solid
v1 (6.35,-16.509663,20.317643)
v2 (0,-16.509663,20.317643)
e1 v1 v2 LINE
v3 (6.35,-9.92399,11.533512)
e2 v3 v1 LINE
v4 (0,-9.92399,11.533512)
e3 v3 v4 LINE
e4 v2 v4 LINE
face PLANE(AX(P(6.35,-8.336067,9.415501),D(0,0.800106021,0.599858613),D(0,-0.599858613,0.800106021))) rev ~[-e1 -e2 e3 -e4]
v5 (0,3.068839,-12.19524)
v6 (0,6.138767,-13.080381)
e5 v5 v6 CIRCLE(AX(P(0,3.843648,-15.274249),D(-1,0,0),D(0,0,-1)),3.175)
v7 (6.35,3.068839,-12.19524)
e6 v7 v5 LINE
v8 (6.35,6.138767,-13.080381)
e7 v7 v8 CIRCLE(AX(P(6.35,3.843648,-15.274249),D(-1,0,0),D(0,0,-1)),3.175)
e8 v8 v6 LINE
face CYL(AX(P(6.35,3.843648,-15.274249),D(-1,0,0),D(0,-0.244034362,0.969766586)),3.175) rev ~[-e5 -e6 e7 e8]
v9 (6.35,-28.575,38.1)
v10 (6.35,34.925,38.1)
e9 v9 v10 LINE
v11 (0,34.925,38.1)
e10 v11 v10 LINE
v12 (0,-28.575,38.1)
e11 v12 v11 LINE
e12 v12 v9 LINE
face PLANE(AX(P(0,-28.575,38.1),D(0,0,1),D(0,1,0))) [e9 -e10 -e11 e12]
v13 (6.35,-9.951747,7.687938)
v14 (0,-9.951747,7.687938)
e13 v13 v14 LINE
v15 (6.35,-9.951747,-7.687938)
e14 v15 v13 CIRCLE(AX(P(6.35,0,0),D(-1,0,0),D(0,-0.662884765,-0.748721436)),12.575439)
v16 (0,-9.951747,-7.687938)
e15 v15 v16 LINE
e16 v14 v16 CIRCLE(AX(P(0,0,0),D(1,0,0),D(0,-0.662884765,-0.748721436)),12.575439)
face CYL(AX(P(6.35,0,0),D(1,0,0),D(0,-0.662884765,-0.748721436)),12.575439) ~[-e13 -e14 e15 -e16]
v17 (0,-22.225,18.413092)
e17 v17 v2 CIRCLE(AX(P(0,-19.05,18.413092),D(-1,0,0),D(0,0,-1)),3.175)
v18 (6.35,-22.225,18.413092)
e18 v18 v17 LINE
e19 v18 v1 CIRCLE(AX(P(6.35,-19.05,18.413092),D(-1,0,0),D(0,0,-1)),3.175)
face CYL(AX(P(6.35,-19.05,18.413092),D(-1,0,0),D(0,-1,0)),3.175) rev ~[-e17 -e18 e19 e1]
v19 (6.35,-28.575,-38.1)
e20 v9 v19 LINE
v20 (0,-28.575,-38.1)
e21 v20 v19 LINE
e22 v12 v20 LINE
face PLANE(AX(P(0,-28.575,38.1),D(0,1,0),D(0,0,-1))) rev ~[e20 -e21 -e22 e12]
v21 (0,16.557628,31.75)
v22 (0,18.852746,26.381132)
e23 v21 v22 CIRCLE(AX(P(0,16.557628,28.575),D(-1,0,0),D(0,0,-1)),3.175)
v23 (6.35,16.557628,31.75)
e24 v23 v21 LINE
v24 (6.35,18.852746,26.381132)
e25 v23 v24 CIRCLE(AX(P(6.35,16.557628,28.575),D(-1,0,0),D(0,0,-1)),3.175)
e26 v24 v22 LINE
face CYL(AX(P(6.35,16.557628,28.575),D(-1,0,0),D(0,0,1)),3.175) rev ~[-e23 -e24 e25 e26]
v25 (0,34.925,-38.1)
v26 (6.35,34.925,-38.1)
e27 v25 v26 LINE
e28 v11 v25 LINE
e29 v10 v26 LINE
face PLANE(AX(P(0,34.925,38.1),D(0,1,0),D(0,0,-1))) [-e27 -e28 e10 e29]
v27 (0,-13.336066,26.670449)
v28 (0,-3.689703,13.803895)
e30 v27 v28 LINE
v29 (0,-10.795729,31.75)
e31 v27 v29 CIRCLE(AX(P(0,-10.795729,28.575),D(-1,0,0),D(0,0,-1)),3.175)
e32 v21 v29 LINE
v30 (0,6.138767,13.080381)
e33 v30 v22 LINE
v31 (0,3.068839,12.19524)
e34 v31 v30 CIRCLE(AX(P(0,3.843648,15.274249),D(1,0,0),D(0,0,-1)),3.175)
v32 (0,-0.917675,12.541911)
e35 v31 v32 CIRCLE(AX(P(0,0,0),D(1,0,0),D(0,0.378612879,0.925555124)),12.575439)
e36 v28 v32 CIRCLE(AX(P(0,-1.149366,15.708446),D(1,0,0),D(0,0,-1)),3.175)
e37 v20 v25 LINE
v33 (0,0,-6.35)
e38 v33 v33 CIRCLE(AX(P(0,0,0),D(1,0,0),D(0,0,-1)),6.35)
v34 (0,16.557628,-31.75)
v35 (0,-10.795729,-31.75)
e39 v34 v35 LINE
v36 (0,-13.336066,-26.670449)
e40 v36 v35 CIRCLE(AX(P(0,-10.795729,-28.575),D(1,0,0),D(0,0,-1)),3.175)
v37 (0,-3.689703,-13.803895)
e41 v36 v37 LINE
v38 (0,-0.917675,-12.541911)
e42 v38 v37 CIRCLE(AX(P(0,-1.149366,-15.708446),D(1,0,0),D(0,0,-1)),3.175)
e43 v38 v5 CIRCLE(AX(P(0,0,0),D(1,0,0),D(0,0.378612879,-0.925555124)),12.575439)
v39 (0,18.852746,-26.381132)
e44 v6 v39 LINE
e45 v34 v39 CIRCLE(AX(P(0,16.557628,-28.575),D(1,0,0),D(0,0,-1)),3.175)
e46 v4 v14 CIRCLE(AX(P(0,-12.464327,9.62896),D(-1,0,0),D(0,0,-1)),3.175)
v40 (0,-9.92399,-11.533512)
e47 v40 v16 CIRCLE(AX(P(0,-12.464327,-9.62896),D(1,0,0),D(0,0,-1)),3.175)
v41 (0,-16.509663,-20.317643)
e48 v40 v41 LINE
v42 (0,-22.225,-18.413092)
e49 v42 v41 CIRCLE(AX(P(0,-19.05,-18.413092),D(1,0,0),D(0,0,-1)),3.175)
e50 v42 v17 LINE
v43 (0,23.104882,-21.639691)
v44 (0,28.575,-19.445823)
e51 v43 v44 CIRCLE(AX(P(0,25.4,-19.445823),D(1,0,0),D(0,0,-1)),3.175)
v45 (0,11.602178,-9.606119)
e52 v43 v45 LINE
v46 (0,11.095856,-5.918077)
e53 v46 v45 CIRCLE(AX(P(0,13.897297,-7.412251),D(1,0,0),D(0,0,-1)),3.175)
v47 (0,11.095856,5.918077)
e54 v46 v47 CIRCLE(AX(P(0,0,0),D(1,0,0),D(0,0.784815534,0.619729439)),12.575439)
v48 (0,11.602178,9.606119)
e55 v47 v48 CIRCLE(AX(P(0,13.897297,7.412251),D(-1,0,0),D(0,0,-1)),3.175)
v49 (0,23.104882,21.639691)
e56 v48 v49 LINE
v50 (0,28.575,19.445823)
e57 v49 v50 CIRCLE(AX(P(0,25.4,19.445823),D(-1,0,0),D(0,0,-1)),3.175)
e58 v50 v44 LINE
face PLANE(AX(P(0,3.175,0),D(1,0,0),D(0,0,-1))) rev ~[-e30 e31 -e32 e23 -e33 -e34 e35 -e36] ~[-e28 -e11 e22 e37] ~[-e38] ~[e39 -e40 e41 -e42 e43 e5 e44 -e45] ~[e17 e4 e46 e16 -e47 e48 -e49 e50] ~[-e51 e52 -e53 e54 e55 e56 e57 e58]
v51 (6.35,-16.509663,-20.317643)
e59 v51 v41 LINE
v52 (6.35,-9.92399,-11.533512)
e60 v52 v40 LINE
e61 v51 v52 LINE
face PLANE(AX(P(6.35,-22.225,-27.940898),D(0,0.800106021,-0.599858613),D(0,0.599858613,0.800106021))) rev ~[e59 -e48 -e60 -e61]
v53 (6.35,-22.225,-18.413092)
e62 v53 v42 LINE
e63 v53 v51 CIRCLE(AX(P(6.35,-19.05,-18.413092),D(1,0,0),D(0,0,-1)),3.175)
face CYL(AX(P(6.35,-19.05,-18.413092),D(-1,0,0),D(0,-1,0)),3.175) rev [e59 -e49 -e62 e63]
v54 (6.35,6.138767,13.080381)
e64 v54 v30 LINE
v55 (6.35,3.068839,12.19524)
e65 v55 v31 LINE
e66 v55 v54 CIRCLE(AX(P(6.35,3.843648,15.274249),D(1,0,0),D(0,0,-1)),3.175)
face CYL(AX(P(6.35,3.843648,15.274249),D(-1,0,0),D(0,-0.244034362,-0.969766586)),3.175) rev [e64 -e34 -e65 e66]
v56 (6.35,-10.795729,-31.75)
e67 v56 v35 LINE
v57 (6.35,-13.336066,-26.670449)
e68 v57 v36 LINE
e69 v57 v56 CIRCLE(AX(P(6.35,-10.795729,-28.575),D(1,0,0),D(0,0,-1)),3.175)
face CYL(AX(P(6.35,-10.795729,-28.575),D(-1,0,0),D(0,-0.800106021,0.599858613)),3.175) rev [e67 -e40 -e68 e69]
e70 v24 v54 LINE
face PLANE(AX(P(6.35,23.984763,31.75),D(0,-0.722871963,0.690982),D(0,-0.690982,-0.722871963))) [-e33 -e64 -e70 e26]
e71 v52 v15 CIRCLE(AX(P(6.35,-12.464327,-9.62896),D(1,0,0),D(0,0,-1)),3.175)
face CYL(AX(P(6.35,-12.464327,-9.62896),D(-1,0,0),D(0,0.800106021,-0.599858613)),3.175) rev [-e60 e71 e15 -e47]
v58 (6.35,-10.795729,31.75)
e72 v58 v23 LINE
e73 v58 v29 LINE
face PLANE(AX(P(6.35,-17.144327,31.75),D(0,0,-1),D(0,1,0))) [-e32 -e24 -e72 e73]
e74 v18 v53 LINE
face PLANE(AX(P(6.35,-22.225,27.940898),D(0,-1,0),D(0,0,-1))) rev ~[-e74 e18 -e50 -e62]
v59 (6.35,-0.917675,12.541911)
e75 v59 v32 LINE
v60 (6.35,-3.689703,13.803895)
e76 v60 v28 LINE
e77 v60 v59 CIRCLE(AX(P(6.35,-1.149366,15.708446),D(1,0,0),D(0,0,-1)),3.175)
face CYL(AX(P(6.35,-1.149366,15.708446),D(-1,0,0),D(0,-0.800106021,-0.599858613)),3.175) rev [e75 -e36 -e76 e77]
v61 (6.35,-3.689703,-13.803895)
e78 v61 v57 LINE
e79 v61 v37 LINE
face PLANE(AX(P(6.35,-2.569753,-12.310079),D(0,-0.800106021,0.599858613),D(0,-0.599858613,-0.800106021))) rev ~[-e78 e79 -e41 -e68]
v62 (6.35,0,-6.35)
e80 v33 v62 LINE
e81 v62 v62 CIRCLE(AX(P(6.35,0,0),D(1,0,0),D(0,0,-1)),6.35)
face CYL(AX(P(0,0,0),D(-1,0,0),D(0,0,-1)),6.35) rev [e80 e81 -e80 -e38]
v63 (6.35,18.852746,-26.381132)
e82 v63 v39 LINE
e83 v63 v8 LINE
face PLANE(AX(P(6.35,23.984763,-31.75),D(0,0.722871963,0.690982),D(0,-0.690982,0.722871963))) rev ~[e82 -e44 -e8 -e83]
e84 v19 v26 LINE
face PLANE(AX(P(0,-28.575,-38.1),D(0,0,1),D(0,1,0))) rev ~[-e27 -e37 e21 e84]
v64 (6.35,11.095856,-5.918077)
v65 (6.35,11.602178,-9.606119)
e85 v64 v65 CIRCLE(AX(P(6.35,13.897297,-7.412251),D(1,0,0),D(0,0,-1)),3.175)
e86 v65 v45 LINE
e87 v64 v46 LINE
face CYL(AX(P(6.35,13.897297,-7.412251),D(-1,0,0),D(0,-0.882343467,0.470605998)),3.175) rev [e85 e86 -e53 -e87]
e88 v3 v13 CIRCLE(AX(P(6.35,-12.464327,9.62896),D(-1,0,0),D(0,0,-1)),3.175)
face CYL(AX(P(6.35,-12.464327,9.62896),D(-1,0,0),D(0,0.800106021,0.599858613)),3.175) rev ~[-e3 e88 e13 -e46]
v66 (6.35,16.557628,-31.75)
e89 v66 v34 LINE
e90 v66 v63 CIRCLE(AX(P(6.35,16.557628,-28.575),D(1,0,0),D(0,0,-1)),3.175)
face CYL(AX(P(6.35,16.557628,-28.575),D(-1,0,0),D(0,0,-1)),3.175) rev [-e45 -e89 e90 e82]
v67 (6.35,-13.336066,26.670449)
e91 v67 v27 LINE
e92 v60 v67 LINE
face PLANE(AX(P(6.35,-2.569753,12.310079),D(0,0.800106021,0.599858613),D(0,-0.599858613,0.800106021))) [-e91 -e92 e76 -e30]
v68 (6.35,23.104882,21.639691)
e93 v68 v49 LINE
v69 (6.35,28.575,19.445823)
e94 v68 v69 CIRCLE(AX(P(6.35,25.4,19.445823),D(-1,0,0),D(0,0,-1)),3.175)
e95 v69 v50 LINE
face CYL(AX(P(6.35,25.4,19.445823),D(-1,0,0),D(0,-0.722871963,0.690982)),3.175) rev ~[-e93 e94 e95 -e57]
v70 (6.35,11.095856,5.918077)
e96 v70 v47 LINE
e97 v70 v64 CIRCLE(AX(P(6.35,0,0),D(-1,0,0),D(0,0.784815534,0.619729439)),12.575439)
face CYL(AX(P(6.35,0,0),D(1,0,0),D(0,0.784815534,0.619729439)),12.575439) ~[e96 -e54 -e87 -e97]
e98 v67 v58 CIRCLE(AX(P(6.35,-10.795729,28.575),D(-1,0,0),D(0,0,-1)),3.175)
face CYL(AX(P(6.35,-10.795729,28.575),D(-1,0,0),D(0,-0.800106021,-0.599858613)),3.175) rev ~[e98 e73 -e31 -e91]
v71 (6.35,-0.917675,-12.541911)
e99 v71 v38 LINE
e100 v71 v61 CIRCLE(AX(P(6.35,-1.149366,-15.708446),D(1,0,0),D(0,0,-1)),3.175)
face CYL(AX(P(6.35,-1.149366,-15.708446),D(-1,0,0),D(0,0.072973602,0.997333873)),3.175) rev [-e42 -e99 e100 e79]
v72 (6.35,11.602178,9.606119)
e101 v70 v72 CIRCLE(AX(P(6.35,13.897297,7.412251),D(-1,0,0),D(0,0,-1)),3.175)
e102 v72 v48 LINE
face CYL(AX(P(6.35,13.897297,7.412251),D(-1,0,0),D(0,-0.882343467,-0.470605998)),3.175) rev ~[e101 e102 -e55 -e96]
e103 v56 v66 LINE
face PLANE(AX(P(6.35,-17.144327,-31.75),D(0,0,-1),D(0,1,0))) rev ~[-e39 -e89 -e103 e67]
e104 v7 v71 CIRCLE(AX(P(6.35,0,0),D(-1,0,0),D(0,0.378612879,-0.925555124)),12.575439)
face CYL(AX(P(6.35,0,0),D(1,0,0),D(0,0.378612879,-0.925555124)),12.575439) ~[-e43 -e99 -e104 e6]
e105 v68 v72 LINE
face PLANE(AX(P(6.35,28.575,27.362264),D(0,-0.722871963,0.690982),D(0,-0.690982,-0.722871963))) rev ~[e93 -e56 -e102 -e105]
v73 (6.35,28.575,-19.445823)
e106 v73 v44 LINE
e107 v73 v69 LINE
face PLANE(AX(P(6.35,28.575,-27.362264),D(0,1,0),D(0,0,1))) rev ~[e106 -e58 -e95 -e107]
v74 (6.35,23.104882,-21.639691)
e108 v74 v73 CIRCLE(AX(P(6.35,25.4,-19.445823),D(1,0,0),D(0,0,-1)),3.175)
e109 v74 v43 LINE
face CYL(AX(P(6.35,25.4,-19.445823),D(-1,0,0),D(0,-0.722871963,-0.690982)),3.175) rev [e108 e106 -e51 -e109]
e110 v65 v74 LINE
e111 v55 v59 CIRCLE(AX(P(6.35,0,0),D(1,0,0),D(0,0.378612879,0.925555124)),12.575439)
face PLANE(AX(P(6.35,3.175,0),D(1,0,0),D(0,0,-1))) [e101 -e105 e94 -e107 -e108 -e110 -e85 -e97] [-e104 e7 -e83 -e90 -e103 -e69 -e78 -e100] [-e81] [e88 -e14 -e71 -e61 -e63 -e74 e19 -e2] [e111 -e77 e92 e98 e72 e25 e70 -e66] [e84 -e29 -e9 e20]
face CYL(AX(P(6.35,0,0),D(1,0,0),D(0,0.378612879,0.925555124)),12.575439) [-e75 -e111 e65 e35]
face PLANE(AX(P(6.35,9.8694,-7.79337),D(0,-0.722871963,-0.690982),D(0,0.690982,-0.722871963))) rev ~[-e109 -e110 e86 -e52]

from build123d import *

# Parameters (mm, degrees)
SKETCH1_W           = 76.2
SKETCH1_H           = 63.5
SKETCH1_R           = 6.35
BOSS_EXTRUDE1_DEPTH = 6.35
CUT_EXTRUDE1_REACH  = 54.074
FILLET2_R           = 3.175


with BuildPart() as part:
    # Sketch1 → Boss-Extrude1 (new body)
    with BuildSketch(Plane(origin=(0, 0, 0), x_dir=(0, 0, -1), z_dir=(1, 0, 0))):
        with Locations((0, 3.175)):
            Rectangle(SKETCH1_W, SKETCH1_H)
        Circle(SKETCH1_R, mode=Mode.SUBTRACT)
    extrude(amount=BOSS_EXTRUDE1_DEPTH)

    # Sketch4 → Cut-Extrude1 (cut, up to next)
    with BuildSketch(Plane(origin=(6.35, 0, 0), x_dir=(0, 0, -1), z_dir=(1, 0, 0)), mode=Mode.PRIVATE) as cut_extrude1_sk1:
        with BuildLine():
            Line((-9.415500655, -8.336066847), (-27.940897809, -22.225))
            Line((-27.940897809, -22.225), (27.940897809, -22.225))
            Line((27.940897809, -22.225), (9.415500655, -8.336066847))
            ThreePointArc((9.415500655, -8.336066847), (0, -12.575438882), (-9.415500655, -8.336066847))
        make_face()
    cut_extrude1_tool1 = extrude(cut_extrude1_sk1.sketch, amount=-CUT_EXTRUDE1_REACH, mode=Mode.PRIVATE) & part.part
    # Sketch4 → Cut-Extrude1 (cut, up to next)
    with BuildSketch(Plane(origin=(6.35, 0, 0), x_dir=(0, 0, -1), z_dir=(1, 0, 0)), mode=Mode.PRIVATE) as cut_extrude1_sk2:
        with BuildLine():
            Line((-12.310078524, -2.569752866), (-31.75, -17.144326768))
            Line((-31.75, -17.144326768), (-31.75, 23.984763034))
            Line((-31.75, 23.984763034), (-11.639261898, 4.761223113))
            ThreePointArc((-11.639261898, 4.761223113), (-12.523119774, 1.145920677), (-12.310078524, -2.569752866))
        make_face()
    cut_extrude1_tool2 = extrude(cut_extrude1_sk2.sketch, amount=-CUT_EXTRUDE1_REACH, mode=Mode.PRIVATE) & part.part
    # Sketch4 → Cut-Extrude1 (cut, up to next)
    with BuildSketch(Plane(origin=(6.35, 0, 0), x_dir=(0, 0, -1), z_dir=(1, 0, 0)), mode=Mode.PRIVATE) as cut_extrude1_sk3:
        with BuildLine():
            Line((-27.362264298, 28.575), (-7.793369677, 9.869399786))
            ThreePointArc((-7.793369677, 9.869399786), (0, 12.575438882), (7.793369677, 9.869399786))
            Line((7.793369677, 9.869399786), (27.362264298, 28.575))
            Line((27.362264298, 28.575), (-27.362264298, 28.575))
        make_face()
    cut_extrude1_tool3 = extrude(cut_extrude1_sk3.sketch, amount=-CUT_EXTRUDE1_REACH, mode=Mode.PRIVATE) & part.part
    # Sketch4 → Cut-Extrude1 (cut, up to next)
    with BuildSketch(Plane(origin=(6.35, 0, 0), x_dir=(0, 0, -1), z_dir=(1, 0, 0)), mode=Mode.PRIVATE) as cut_extrude1_sk4:
        with BuildLine():
            Line((31.75, 23.984763034), (11.639261898, 4.761223113))
            ThreePointArc((11.639261898, 4.761223113), (12.523119774, 1.145920677), (12.310078524, -2.569752866))
            Line((12.310078524, -2.569752866), (31.75, -17.144326768))
            Line((31.75, -17.144326768), (31.75, 23.984763034))
        make_face()
    cut_extrude1_tool4 = extrude(cut_extrude1_sk4.sketch, amount=-CUT_EXTRUDE1_REACH, mode=Mode.PRIVATE) & part.part
    add(cut_extrude1_tool1.solids().sort_by_distance((6.35, -17.188664, 0))[0], mode=Mode.SUBTRACT)
    add(cut_extrude1_tool2.solids().sort_by_distance((6.35, 2.651872, 24.218351))[0], mode=Mode.SUBTRACT)
    add(cut_extrude1_tool3.solids().sort_by_distance((6.35, 21.415116, 0))[0], mode=Mode.SUBTRACT)
    add(cut_extrude1_tool4.solids().sort_by_distance((6.35, 2.651872, -24.218351))[0], mode=Mode.SUBTRACT)

    # Fillet2
    fillet2_edges = [part.edges().sort_by_distance(p)[0] for p in [
        (3.175, 4.761223113, 11.639261898),
        (3.175, -2.569752866, 12.310078524),
        (3.175, -17.144326768, 31.75),
        (3.175, 23.984763034, 31.75),
        (3.175, -8.336066847, 9.415500655),
        (3.175, -8.336066847, -9.415500655),
        (3.175, -22.225, -27.940897809),
        (3.175, -22.225, 27.940897809),
        (3.175, 28.575, 27.362264298),
        (3.175, 28.575, -27.362264298),
        (3.175, 9.869399786, -7.793369677),
        (3.175, 9.869399786, 7.793369677),
        (3.175, 23.984763034, -31.75),
        (3.175, -17.144326768, -31.75),
        (3.175, -2.569752866, -12.310078524),
        (3.175, 4.761223113, -11.639261898),
    ]]
    fillet(fillet2_edges, radius=FILLET2_R)


solid = part.part
